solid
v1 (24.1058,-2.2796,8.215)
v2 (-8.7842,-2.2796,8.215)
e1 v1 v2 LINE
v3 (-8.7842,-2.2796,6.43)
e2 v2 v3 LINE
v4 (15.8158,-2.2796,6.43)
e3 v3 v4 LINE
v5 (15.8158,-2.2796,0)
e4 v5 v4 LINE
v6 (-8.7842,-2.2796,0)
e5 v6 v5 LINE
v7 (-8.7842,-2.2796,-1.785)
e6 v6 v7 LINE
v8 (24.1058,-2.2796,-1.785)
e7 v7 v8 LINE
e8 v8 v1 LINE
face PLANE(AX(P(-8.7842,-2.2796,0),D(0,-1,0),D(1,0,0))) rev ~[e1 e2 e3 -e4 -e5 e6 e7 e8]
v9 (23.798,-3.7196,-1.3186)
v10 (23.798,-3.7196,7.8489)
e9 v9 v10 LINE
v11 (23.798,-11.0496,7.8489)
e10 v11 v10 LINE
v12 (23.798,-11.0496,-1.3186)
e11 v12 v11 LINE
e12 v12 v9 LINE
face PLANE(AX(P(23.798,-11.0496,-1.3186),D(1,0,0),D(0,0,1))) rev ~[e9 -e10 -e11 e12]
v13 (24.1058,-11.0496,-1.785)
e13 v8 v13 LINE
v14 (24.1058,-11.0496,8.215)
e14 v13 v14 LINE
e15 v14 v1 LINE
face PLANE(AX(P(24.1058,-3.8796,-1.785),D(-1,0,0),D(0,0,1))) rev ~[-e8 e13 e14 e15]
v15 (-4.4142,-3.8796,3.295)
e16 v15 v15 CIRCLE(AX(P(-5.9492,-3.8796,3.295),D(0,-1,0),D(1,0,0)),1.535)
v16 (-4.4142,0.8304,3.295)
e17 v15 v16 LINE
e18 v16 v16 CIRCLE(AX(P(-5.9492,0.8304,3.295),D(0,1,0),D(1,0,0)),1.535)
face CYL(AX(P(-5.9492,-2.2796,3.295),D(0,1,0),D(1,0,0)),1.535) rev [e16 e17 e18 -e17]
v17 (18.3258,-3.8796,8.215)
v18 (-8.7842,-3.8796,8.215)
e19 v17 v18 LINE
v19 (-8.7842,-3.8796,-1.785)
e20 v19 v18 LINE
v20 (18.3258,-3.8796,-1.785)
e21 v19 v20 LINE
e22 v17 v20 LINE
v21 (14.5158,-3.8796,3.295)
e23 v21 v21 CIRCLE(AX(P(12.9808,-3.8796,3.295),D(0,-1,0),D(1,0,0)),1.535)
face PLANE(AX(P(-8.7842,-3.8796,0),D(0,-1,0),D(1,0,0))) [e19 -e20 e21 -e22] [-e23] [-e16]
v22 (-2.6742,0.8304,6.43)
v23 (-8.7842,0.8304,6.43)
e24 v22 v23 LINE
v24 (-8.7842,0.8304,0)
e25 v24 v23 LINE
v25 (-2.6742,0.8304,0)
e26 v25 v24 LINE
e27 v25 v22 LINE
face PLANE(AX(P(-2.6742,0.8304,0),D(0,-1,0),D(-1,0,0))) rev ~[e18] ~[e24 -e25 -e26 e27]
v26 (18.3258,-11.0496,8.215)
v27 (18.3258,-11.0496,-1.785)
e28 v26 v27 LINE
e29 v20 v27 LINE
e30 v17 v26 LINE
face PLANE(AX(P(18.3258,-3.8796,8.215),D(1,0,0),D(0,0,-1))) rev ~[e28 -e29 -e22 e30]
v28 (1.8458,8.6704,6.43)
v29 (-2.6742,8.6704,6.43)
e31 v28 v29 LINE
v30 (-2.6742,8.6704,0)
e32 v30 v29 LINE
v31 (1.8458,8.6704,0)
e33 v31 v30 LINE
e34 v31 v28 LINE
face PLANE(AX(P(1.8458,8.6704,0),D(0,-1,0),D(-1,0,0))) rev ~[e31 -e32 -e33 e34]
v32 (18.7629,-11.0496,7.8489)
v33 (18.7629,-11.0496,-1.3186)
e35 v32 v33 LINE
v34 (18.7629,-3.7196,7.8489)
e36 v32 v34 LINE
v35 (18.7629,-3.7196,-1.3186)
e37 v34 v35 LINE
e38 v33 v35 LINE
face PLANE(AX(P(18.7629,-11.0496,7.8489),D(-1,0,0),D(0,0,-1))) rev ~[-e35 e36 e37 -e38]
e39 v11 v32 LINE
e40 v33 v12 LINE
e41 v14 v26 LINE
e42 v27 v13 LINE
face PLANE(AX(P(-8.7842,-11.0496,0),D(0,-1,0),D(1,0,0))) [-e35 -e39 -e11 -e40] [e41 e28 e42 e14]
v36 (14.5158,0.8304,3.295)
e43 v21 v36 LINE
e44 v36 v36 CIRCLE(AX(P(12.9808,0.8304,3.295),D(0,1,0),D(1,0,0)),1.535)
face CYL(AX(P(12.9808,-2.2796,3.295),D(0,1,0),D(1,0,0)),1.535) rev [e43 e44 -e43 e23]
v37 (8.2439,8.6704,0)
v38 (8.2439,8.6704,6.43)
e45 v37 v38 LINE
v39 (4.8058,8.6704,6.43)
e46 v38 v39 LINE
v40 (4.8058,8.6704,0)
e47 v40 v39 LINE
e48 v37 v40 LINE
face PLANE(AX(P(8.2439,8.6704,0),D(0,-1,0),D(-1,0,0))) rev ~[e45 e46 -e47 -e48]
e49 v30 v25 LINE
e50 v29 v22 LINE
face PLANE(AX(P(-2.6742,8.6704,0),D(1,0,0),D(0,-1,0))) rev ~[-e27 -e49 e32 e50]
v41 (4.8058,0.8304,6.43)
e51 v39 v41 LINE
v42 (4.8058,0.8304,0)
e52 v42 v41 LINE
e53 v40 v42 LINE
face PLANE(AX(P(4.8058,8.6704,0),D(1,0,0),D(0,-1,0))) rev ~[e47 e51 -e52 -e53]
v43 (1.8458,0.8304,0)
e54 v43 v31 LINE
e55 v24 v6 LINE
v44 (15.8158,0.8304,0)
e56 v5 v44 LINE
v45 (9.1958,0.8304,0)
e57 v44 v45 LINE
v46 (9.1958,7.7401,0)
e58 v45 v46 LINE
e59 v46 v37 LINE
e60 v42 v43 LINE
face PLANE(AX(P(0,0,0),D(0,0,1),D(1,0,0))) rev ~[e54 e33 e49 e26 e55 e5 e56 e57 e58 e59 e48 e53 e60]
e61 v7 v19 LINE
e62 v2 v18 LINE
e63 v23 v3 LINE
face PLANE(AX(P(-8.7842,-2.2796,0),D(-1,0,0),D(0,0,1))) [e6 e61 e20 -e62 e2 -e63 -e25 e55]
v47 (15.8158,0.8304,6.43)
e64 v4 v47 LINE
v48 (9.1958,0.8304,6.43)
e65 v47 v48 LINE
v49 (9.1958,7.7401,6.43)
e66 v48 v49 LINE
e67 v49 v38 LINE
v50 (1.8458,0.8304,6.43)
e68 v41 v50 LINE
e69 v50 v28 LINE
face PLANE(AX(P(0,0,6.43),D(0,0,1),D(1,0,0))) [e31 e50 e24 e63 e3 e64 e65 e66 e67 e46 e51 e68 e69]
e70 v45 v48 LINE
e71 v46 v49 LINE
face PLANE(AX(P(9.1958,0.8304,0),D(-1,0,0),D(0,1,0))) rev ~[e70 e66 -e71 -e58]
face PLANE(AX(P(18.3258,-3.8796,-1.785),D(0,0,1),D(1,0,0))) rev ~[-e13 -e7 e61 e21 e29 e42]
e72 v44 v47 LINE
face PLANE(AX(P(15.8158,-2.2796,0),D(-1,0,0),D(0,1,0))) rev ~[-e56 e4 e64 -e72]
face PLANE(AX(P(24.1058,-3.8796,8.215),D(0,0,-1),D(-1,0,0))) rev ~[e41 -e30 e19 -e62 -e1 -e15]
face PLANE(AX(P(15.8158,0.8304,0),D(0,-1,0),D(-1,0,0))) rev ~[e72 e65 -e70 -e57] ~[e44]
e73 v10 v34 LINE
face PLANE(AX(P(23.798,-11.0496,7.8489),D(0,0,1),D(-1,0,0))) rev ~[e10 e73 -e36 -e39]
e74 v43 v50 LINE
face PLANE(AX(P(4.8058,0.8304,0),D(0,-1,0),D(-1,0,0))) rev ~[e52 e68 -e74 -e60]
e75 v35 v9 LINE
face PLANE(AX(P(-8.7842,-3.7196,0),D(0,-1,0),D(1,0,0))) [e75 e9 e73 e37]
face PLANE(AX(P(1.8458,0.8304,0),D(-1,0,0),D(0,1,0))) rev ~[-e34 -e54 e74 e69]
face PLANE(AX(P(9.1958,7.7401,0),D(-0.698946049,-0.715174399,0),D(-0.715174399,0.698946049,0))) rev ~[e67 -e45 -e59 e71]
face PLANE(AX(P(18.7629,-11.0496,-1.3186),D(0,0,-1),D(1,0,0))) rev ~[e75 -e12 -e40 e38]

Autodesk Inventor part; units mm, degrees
ref_plane "YZ Plane" through (0, 0, 0) normal (1, 0, 0) x (0, 1, 0)
ref_plane "XZ Plane" through (0, 0, 0) normal (0, 1, 0) x (-1, 0, 0)
ref_plane "XY Plane" through (0, 0, 0) normal (0, 0, 1) x (1, 0, 0)
sketch "Sketch1" plane through (0, 0, 0) normal (0, 0, 1) x (1, 0, 0)
  line L0 (-8.7842, -2.2796) -> (15.8158, -2.2796)
  line L1 (15.8158, -2.2796) -> (15.8158, 0.8304)
  line L2 (15.8158, 0.8304) -> (9.1958, 0.8304)
  line L3 (9.1958, 0.8304) -> (9.1958, 7.7401)
  line L4 (9.1958, 7.7401) -> (8.2439, 8.6704)
  line L5 (8.2439, 8.6704) -> (4.8058, 8.6704)
  line L6 (4.8058, 8.6704) -> (4.8058, 0.8304)
  line L7 (4.8058, 0.8304) -> (1.8458, 0.8304)
  line L8 (1.8458, 0.8304) -> (1.8458, 8.6704)
  line L9 (1.8458, 8.6704) -> (-2.6742, 8.6704)
  line L10 (-2.6742, 8.6704) -> (-2.6742, 0.8304)
  line L11 (-2.6742, 0.8304) -> (-8.7842, 0.8304)
  line L12 (-8.7842, 0.8304) -> (-8.7842, -2.2796)
  point P0 (0, 0)
  dimension "d0" = 24.6
  dimension "d1" = 3.11
  dimension "d2" = 4.39
  dimension "d3" = 2.96
  dimension "d4" = 4.52
  dimension "d5" = 6.62
  dimension "d6" = 7.84
extrude "Extrusion1" add sketch "Sketch1" along normal blind 6.43
sketch "Sketch2" plane through (9.1958, 0.8304, 0) normal (0, 1, 0) x (1, 0, 0)
  line L0 (6.62, 0) -> (0, 0) projected
  line L1 (6.62, -6.43) -> (0, -6.43) projected
  line L2 (6.62, 0) -> (6.62, -6.43) construction
  line L3 (6.62, -4.83) -> (-18.0124, -4.83) construction
  line L4 (-18.0124, -1.76) -> (6.62, -1.76) construction
  line L5 (-17.98, 0) -> (-17.98, -6.43) construction
  line L6 (-11.87, 0) -> (-17.98, 0) construction
  line L7 (-11.87, -6.43) -> (-17.98, -6.43) construction
  line L8 (-16.68, -6.43) -> (-16.68, 0) construction
  circle A0 centre (-15.145, -3.295) radius 1.535
  line L9 (5.32, 0) -> (5.32, -6.43) construction
  circle A1 centre (3.785, -3.295) radius 1.535
  point P0 (-9.1958, 0)
  dimension "d9" = 1.76
  dimension "d10" = 1.6
  dimension "d11" = 1.3
  dimension "d12" = 1.3
extrude "Extrusion2" cut sketch "Sketch2" along normal up to surface (3.11 mm away) from surface at -3.11
sketch "Sketch3" plane through (-8.7842, -2.2796, 0) normal (0, -1, 0) x (1, 0, 0)
  circle A0 centre (2.835, 3.295) radius 1.535 projected
  circle A1 centre (21.765, 3.295) radius 1.535 projected
  line L0 (0, 0) -> (0, 6.43) projected
  line L1 (0, -1.785) -> (32.89, -1.785)
  line L2 (32.89, -1.785) -> (32.89, 8.215)
  line L3 (32.89, 8.215) -> (0, 8.215)
  line L4 (0, 8.215) -> (0, -1.785)
  line L5 (0, 3.215) -> (32.89, 3.215) construction
  point P0 (8.7842, 0)
  dimension "d15" = 32.89
  dimension "d16" = 10
extrude "Extrusion3" add sketch "Sketch3" along normal blind 1.6
sketch "Sketch4" plane through (-8.7842, -3.8796, 0) normal (0, -1, 0) x (1, 0, 0)
  line L0 (0, -1.785) -> (32.89, -1.785) projected
  line L1 (32.89, 8.215) -> (27.11, 8.215)
  line L2 (27.11, 8.215) -> (27.11, -1.785)
  line L3 (27.11, -1.785) -> (32.89, -1.785)
  line L4 (32.89, -1.785) -> (32.89, 8.215)
  point P0 (8.7842, 0)
  dimension "d19" = 5.78
extrude "Extrusion4" add sketch "Sketch4" along normal blind 7.17
sketch "Sketch5" plane through (-8.7842, -11.0496, 0) normal (0, -1, 0) x (1, 0, 0)
  line L0 (27.5471, -1.3186) -> (32.5822, -1.3186)
  line L1 (32.5822, -1.3186) -> (32.5822, 7.8489)
  line L2 (32.5822, 7.8489) -> (27.5471, 7.8489)
  line L3 (27.5471, 7.8489) -> (27.5471, -1.3186)
  point P0 (8.7842, 0)
extrude "Extrusion5" cut sketch "Sketch5" against normal blind 7.33
properties part number "optical stop"
